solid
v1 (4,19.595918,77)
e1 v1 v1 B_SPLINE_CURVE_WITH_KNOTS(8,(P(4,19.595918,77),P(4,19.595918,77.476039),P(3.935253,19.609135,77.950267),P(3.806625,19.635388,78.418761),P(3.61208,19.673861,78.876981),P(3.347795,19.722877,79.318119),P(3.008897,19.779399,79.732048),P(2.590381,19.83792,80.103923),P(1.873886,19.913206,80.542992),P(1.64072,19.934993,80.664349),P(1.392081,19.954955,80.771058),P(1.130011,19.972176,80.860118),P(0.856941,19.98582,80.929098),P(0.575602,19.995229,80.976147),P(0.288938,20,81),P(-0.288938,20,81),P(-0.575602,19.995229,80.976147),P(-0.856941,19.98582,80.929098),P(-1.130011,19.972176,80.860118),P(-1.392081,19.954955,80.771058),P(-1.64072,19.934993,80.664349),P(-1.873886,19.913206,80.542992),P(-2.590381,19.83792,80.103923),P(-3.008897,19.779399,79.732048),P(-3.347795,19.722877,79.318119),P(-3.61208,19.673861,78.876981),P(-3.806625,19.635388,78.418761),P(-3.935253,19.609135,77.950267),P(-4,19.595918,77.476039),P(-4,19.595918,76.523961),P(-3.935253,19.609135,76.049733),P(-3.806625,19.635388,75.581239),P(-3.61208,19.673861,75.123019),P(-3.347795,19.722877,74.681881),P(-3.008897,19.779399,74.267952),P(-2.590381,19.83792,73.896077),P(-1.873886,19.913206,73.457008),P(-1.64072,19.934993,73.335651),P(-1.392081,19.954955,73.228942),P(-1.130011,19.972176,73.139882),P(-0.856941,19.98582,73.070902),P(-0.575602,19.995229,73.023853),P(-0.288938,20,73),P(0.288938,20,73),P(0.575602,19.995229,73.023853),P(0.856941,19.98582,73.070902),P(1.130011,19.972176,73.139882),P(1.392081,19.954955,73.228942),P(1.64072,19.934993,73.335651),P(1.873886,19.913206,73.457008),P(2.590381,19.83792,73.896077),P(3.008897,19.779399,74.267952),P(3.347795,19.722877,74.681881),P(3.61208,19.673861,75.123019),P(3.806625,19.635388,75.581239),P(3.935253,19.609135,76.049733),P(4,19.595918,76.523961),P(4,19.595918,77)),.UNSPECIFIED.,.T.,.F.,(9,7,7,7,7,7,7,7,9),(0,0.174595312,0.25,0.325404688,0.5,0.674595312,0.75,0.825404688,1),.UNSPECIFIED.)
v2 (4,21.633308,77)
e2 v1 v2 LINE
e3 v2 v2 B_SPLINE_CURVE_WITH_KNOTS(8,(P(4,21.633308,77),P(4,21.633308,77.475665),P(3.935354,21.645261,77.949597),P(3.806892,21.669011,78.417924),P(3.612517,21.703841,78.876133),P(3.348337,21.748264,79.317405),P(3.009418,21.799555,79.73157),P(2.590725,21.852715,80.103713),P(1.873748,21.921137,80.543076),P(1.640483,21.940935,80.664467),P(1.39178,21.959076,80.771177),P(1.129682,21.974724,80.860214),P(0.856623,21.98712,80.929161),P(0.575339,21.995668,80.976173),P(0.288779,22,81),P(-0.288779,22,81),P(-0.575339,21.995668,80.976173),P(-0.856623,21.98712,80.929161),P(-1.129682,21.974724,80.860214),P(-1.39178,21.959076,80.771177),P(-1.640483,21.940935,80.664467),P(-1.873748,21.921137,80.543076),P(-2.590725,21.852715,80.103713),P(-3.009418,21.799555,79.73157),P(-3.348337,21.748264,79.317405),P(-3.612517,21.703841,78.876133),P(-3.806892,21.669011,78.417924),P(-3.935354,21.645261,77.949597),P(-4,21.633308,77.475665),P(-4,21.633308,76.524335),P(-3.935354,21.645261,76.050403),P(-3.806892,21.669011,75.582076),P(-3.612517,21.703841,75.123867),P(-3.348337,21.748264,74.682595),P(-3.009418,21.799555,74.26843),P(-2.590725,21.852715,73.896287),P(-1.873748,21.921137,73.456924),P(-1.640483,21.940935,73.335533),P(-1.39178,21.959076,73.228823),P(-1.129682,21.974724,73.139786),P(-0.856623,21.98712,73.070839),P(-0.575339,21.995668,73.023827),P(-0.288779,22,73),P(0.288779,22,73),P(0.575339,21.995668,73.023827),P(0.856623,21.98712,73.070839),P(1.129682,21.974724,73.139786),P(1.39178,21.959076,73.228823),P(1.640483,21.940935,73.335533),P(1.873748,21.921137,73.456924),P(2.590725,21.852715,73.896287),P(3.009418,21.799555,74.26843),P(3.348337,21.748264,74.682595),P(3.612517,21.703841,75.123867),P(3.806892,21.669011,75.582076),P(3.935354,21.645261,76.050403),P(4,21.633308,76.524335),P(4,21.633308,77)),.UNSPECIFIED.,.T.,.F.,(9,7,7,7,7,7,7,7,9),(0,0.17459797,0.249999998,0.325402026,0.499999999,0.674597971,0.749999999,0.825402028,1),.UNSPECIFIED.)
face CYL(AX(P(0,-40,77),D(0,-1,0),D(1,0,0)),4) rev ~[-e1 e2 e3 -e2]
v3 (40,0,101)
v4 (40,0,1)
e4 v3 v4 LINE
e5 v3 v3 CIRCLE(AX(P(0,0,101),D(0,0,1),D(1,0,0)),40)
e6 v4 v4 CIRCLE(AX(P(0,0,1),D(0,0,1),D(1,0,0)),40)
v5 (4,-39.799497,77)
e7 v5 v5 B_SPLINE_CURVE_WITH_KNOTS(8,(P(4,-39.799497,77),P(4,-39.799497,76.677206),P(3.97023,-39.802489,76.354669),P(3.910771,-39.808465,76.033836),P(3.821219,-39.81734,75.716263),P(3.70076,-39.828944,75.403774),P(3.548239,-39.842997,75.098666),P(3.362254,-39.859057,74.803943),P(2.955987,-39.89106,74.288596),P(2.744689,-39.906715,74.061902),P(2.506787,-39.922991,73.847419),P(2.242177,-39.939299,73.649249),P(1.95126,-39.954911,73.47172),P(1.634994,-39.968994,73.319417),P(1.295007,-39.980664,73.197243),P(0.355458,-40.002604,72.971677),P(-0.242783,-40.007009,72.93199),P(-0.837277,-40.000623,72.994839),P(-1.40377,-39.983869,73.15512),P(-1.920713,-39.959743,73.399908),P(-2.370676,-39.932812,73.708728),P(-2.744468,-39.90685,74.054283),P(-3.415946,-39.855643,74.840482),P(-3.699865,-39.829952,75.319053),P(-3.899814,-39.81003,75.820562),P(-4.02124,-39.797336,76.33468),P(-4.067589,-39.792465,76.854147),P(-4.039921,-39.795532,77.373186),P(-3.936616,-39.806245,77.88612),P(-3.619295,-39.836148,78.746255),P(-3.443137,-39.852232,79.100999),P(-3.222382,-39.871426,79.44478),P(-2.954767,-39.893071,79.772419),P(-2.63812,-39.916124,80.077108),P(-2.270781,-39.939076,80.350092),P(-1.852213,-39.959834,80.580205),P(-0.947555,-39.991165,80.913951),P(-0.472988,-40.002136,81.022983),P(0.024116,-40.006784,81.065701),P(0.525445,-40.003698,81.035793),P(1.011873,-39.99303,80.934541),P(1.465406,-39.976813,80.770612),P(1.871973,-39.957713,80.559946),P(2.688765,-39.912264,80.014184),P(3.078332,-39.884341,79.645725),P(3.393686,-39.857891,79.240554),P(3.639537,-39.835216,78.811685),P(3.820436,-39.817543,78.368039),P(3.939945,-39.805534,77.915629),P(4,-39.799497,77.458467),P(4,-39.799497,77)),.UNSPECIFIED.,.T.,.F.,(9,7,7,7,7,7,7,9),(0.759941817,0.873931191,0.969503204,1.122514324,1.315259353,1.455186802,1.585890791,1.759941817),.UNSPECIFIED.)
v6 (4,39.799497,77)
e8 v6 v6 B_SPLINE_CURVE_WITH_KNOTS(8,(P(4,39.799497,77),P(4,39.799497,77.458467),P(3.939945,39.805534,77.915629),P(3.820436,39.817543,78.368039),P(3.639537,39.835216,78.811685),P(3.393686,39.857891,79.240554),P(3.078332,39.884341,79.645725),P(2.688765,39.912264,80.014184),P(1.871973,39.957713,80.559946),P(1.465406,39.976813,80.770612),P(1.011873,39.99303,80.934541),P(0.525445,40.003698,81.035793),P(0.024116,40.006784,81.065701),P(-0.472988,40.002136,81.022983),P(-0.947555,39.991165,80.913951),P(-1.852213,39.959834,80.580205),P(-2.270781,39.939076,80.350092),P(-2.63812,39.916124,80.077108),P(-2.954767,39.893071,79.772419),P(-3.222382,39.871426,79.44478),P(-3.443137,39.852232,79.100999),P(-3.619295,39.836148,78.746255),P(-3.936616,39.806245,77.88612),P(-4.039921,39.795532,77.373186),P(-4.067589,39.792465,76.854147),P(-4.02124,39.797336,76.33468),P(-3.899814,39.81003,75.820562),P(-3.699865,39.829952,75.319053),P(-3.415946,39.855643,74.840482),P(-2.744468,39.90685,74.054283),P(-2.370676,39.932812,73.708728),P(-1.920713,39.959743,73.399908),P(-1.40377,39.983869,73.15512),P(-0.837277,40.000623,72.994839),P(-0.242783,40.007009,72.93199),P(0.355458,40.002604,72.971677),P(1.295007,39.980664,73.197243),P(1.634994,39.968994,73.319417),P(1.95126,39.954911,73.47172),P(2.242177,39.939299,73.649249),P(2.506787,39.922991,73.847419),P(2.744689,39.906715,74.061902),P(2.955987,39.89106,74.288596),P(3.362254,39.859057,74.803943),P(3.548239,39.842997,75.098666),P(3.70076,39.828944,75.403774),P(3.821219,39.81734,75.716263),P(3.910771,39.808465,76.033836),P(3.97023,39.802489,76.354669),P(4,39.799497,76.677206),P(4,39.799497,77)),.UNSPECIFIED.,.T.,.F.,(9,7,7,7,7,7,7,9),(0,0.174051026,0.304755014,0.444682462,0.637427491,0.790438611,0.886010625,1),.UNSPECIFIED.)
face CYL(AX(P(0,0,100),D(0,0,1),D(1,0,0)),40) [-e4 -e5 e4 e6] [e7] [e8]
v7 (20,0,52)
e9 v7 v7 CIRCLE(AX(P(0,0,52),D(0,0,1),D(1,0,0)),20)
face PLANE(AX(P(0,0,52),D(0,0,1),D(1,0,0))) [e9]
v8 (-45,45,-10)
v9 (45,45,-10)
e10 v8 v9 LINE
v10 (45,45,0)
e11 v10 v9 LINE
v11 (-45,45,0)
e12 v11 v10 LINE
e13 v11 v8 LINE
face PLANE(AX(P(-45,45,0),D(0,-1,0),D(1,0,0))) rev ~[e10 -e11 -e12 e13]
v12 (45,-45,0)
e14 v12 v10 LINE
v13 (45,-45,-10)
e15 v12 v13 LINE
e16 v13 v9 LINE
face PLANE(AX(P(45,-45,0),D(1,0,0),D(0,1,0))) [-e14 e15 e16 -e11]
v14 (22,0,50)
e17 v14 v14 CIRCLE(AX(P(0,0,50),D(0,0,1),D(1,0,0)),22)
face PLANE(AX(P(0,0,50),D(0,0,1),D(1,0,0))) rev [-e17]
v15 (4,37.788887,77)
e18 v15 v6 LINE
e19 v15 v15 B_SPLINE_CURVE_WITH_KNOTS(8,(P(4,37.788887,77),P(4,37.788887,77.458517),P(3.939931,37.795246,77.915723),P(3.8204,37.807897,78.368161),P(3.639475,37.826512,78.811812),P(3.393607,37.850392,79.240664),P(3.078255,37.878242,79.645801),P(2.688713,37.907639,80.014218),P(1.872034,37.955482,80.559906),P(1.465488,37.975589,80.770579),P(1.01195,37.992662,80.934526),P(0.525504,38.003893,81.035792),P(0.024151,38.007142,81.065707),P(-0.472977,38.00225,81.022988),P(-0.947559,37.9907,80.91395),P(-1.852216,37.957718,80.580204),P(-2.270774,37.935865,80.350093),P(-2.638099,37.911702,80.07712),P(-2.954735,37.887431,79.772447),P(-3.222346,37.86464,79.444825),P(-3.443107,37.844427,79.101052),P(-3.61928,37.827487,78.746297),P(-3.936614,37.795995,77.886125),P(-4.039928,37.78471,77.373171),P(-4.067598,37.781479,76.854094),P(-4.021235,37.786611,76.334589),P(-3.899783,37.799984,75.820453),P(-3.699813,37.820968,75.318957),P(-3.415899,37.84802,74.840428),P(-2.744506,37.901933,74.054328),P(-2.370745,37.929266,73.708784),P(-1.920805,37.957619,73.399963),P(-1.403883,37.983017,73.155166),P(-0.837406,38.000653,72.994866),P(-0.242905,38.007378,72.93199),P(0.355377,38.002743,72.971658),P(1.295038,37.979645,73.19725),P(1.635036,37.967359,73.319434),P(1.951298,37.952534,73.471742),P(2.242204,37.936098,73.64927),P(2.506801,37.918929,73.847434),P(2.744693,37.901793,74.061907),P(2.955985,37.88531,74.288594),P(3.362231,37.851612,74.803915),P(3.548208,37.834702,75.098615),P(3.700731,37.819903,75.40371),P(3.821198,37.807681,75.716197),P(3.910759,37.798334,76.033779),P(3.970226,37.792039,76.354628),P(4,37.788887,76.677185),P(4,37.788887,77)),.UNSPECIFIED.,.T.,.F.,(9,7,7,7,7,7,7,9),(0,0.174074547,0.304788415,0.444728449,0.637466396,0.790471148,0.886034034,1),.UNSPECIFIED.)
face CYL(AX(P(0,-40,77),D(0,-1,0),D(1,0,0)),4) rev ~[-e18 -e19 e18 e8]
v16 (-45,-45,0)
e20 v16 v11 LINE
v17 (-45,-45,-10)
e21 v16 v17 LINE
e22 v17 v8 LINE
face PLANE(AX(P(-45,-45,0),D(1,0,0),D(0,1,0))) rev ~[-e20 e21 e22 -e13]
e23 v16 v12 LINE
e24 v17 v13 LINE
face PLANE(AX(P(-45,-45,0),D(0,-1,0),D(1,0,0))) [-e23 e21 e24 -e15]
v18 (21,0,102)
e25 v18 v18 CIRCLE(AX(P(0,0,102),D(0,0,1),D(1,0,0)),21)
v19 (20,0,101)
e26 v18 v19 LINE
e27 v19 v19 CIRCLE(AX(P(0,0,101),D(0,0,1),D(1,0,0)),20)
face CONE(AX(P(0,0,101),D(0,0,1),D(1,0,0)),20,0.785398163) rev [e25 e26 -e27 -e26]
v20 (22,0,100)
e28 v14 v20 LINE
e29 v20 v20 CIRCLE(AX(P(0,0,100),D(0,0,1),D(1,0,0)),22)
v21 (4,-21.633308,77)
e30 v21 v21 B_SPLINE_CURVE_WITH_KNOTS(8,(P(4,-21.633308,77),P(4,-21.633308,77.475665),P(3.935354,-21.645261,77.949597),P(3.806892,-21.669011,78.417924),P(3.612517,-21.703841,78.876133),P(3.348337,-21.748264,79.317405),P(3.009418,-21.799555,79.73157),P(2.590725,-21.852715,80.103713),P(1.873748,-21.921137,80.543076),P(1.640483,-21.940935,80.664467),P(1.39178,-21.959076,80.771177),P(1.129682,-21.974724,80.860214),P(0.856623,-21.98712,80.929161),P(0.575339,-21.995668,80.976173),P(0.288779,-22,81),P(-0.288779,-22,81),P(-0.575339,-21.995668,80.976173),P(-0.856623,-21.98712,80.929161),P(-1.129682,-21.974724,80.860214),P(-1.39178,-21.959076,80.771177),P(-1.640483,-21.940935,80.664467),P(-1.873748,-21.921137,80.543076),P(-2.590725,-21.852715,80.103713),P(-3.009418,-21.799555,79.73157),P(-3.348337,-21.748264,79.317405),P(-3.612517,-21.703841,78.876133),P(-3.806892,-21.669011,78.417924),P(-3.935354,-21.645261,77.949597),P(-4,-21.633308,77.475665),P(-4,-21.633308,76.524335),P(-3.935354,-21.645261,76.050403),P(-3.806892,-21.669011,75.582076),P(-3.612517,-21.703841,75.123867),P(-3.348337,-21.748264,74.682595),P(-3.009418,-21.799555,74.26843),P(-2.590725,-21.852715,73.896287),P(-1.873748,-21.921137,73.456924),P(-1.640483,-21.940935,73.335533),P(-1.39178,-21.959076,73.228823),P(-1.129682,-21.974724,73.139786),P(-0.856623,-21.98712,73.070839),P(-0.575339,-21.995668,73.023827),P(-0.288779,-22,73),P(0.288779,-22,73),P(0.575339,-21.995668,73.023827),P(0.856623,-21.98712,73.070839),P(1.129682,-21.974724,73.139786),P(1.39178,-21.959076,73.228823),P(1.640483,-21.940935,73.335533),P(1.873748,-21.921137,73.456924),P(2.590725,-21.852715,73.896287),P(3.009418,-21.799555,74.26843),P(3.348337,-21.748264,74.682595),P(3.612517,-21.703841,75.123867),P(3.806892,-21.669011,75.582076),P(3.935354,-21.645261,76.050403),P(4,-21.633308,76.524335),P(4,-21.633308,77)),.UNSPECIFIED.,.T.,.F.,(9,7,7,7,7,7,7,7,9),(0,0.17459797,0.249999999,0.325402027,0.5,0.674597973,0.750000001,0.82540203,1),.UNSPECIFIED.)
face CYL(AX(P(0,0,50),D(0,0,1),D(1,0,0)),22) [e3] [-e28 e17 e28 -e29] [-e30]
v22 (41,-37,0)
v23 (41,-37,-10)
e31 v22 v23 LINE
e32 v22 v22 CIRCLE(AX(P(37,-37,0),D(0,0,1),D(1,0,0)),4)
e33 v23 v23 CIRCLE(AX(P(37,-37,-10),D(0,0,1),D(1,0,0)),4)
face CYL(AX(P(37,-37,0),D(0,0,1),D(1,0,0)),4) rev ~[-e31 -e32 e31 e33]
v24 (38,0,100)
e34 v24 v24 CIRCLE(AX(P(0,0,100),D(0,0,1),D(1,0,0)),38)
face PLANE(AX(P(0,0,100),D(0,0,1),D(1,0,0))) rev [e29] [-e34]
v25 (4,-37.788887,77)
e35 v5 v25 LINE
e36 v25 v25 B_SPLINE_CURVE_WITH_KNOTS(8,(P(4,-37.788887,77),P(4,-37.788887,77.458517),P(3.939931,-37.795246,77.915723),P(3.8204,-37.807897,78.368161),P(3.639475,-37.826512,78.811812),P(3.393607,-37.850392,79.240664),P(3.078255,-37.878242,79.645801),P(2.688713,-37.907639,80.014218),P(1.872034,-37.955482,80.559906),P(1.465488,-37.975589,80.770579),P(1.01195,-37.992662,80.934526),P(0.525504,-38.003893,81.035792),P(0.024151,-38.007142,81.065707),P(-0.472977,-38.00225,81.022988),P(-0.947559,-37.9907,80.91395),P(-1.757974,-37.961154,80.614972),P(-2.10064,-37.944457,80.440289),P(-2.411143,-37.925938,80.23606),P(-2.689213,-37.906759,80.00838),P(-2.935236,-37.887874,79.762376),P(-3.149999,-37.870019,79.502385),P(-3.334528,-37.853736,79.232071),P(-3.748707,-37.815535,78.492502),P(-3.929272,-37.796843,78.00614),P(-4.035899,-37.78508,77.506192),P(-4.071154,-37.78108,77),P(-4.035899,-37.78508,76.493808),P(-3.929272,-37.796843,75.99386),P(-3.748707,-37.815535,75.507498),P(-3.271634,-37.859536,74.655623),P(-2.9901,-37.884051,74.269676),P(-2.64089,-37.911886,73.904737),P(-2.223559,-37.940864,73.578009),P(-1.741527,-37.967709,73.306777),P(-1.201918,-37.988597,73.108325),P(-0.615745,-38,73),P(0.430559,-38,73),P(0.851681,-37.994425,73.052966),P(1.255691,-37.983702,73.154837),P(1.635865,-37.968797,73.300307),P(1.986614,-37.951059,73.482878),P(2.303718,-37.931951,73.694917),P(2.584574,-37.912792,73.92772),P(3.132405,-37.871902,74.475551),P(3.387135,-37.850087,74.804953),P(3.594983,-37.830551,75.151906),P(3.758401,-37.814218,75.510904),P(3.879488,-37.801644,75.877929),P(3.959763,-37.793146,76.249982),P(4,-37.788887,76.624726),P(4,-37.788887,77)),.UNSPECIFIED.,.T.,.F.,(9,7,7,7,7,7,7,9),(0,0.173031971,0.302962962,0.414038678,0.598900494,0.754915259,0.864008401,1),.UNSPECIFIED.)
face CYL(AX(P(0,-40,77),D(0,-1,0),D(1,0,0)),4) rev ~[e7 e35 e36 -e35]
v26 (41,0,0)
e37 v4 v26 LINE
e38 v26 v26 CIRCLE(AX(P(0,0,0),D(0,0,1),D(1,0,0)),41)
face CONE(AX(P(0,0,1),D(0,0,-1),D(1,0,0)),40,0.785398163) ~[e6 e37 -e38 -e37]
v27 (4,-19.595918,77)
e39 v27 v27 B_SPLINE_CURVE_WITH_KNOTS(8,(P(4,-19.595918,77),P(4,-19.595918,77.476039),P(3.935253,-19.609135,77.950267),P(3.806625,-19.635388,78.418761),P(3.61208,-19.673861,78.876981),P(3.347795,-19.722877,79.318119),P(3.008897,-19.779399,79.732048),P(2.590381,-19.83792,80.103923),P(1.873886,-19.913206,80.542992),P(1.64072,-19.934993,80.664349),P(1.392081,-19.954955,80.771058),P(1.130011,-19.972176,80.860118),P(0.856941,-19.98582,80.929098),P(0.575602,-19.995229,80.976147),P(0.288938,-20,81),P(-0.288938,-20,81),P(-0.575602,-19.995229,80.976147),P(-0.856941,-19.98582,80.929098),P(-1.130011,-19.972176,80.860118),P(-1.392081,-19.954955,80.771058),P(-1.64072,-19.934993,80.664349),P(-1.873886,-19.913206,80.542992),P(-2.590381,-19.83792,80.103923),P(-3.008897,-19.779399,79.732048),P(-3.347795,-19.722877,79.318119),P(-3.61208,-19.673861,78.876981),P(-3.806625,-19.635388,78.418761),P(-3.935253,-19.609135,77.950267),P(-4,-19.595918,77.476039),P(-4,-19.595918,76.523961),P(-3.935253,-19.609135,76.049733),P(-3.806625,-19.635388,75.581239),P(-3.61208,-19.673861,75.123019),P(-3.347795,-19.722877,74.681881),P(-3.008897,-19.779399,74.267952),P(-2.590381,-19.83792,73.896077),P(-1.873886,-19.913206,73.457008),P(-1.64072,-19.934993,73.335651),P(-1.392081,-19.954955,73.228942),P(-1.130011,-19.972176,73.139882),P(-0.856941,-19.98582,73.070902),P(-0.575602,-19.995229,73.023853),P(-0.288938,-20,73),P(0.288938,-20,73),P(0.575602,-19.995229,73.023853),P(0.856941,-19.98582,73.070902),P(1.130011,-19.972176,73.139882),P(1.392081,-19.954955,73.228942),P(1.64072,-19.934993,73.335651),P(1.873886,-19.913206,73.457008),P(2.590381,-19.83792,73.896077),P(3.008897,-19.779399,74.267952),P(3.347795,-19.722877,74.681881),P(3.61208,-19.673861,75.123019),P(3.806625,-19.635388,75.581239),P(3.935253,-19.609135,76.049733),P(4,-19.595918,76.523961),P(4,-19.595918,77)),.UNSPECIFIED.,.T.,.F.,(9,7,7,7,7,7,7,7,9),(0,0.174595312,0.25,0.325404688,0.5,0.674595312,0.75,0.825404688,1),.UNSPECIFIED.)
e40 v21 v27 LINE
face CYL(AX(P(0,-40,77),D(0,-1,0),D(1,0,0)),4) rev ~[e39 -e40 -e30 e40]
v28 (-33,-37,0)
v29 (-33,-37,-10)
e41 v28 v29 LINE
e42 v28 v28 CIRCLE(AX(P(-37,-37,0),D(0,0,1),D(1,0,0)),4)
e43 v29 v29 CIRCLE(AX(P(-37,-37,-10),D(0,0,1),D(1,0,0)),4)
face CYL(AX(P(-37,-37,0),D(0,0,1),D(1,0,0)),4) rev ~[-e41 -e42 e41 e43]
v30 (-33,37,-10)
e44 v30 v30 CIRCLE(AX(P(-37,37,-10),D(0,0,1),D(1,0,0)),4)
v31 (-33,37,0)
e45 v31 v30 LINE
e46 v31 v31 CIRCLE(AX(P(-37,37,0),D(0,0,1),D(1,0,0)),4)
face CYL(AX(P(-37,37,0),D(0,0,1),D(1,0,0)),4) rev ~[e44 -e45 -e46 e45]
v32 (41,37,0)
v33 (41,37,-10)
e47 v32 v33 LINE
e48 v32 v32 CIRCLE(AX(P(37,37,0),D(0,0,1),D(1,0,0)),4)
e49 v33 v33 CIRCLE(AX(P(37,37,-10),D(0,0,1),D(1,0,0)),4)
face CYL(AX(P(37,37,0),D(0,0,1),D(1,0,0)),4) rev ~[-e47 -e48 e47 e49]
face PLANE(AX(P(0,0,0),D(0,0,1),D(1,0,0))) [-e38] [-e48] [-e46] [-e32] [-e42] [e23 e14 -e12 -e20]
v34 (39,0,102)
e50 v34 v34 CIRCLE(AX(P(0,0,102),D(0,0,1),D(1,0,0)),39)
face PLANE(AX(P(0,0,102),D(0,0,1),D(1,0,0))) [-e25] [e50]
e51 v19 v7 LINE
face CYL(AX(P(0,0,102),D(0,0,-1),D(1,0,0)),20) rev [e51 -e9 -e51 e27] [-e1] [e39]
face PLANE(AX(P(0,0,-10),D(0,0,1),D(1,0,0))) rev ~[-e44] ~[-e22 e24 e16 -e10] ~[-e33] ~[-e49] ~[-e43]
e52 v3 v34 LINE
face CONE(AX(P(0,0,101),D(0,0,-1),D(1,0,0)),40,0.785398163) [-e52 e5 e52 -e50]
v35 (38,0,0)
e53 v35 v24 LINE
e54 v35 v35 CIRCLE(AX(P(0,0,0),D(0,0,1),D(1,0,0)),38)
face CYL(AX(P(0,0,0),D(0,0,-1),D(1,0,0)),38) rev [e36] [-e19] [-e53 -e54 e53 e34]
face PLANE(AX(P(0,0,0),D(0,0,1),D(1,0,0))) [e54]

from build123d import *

# Parameters (mm, degrees)
F0_W      = 90
F0_H      = 90
F0_R      = 4
F1_DEPTH  = 10
F2_R      = 40
F2_R_2    = 38
F3_DEPTH  = 100
F7_SIZE   = 1
F8_SIZE   = 1
F10_R     = 4
F11_DEPTH = 80


with BuildPart() as f1:
    # F0 (on Top) → F1 (new body)
    with BuildSketch(Plane.XY):
        Rectangle(F0_W, F0_H)
        with Locations((-37, -37)):
            Circle(F0_R, mode=Mode.SUBTRACT)
        with Locations((37, -37)):
            Circle(F0_R, mode=Mode.SUBTRACT)
        with Locations((-37, 37)):
            Circle(F0_R, mode=Mode.SUBTRACT)
        with Locations((37, 37)):
            Circle(F0_R, mode=Mode.SUBTRACT)
    extrude(amount=-F1_DEPTH)

    # F2 (on face) → F3 (join)
    with BuildSketch(Plane.XY):
        Circle(F2_R)
        Circle(F2_R_2, mode=Mode.SUBTRACT)
    extrude(amount=F3_DEPTH)

    # F5 (on Front) → F6 (revolve)
    with BuildSketch(Plane.XZ):
        Polygon((0, 52), (0, 50), (22, 50), (22, 100), (40, 100), (40, 102), (20, 102), (20, 52), align=None)
    revolve(axis=Axis((0, 0, 75.148744), (0, 0, 1)))

    # F7
    f7_edges = [f1.edges().sort_by_distance(p)[0] for p in [
        (-40, 0, 0),
        (40, 0, 51),
        (-40, 0, 102),
    ]]
    chamfer(f7_edges, length=F7_SIZE)

    # F8
    f8_edges = [f1.edges().sort_by_distance(p)[0] for p in [
        (-20, 0, 102),
    ]]
    chamfer(f8_edges, length=F8_SIZE)

    # F10 (on offset) → F11 (cut)
    with BuildSketch(Plane.XZ.offset(40)):
        with Locations((0, 77)):
            Circle(F10_R)
    extrude(amount=-F11_DEPTH, mode=Mode.SUBTRACT)


solid = f1.part
